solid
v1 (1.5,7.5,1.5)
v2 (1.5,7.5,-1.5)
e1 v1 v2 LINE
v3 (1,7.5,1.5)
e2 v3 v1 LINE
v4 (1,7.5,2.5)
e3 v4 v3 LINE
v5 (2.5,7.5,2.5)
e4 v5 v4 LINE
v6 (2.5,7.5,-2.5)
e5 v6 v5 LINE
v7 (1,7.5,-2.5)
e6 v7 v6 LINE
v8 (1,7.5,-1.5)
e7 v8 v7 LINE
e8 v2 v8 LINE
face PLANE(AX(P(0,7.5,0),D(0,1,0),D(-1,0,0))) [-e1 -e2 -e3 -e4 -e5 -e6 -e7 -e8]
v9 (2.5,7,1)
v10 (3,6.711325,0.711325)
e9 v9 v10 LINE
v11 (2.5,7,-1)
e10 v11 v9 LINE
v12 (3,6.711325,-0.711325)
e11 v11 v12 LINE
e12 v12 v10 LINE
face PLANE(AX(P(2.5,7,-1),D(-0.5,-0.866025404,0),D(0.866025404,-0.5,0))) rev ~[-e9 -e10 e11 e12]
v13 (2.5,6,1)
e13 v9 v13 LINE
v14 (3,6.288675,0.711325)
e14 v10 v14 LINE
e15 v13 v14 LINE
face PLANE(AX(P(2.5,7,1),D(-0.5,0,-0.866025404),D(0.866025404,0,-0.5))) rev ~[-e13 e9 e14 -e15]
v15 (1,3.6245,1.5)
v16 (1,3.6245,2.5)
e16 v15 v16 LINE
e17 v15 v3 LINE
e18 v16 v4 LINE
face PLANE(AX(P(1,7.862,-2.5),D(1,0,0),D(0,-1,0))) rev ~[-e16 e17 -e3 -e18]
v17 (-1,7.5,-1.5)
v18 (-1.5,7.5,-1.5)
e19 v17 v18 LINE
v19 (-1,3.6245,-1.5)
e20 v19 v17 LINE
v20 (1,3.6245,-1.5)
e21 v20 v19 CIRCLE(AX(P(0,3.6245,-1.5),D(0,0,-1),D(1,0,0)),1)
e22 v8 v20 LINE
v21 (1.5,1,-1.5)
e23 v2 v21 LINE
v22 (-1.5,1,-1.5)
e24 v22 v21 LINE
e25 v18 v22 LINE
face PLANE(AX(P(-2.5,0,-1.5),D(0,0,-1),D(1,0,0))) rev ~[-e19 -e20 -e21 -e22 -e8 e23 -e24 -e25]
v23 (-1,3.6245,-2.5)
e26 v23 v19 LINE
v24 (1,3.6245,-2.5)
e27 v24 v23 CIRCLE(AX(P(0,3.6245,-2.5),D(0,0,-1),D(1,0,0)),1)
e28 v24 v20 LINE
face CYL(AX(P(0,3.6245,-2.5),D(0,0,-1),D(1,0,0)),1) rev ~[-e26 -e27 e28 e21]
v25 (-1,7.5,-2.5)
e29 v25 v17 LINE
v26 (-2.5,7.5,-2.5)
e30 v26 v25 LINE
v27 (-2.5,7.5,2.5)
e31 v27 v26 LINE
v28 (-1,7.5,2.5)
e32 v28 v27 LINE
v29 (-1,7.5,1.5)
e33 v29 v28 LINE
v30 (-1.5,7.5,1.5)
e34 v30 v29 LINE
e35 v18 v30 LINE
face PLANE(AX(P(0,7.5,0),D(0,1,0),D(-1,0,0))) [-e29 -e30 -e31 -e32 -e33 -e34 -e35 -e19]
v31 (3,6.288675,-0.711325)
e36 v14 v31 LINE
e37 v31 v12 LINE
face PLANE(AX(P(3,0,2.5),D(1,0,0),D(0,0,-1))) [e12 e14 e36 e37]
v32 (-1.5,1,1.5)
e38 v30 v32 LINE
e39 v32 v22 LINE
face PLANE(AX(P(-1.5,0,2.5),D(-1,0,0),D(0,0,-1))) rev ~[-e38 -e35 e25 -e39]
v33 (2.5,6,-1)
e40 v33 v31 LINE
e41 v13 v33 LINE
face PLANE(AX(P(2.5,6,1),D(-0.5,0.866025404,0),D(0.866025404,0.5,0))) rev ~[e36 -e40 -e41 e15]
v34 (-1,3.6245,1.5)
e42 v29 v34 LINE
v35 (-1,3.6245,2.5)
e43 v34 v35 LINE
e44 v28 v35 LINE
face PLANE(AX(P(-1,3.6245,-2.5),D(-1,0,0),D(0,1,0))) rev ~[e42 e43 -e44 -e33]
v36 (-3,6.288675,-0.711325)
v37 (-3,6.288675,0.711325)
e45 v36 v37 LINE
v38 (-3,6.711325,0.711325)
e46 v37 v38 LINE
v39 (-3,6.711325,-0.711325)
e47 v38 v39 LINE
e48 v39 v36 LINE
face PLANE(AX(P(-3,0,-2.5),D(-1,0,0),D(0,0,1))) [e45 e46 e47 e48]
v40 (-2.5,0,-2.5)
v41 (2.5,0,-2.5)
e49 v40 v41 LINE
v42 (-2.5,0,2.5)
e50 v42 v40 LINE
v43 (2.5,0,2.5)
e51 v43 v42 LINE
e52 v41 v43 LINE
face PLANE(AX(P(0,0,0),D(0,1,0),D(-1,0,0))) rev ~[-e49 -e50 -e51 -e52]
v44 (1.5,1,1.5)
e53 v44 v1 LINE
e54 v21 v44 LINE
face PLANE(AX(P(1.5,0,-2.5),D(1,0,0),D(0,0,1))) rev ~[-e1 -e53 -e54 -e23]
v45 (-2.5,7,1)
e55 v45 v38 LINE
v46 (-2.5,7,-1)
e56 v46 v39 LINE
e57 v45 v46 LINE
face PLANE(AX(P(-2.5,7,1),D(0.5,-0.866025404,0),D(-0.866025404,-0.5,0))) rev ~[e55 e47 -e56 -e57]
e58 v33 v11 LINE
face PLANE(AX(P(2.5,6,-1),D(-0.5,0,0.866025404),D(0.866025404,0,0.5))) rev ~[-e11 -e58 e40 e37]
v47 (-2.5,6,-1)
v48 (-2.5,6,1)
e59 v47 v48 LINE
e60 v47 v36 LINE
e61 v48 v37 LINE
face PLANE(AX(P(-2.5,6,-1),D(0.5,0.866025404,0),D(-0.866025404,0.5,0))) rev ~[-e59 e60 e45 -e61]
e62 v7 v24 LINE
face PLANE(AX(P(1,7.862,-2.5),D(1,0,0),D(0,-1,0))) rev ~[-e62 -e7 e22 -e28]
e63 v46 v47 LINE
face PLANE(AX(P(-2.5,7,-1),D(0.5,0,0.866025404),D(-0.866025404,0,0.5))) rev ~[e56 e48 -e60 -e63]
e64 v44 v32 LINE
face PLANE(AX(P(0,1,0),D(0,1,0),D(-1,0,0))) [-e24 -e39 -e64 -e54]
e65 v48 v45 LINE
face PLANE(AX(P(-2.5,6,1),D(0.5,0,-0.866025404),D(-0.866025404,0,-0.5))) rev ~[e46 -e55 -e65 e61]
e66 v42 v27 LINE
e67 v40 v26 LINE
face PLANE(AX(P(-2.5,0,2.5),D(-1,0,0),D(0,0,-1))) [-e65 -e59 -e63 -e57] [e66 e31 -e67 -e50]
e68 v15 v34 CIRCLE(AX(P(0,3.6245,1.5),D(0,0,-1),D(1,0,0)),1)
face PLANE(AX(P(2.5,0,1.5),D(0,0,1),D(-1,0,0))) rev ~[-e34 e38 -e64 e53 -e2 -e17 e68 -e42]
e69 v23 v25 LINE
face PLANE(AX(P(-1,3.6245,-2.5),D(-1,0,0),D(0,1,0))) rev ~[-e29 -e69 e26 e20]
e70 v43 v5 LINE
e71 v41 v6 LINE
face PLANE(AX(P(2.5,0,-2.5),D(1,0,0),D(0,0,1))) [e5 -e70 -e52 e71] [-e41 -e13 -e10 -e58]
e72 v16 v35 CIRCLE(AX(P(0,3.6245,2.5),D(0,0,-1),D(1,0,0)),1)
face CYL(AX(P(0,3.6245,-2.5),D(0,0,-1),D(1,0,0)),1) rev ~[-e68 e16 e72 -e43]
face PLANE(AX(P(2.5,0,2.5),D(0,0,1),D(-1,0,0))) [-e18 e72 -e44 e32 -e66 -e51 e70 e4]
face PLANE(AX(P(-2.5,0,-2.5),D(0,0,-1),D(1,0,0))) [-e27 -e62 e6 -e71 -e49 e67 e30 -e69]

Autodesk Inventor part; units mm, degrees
ref_plane "YZ Plane" through (0, 0, 0) normal (1, 0, 0) x (0, 1, 0)
ref_plane "XZ Plane" through (0, 0, 0) normal (0, 1, 0) x (-1, 0, 0)
ref_plane "XY Plane" through (0, 0, 0) normal (0, 0, 1) x (1, 0, 0)
sketch "Sketch1" plane through (0, 0, 0) normal (0, 1, 0) x (-1, 0, 0)
  line L0 (-2.5, 2.5) -> (2.5, 2.5)
  line L1 (2.5, 2.5) -> (2.5, -2.5)
  line L2 (2.5, -2.5) -> (-2.5, -2.5)
  line L3 (-2.5, -2.5) -> (-2.5, 2.5)
  line L4 (-2.5, 2.5) -> (2.5, -2.5) construction
  line L5 (2.5, 2.5) -> (-2.5, -2.5) construction
  point P0 (0, 0)
  dimension "d0" = 5
  dimension "d1" = 5
extrude "Extrusion1" add sketch "Sketch1" along normal blind 7.5
shell "Shell1" thickness 1 removed faces 1 at (-0.8333, 7.5, -0.8333)
sketch "Sketch4" plane through (0, 7.5, 0) normal (0, 1, 0) x (1, 0, 0)
  point P0 (0, 0)
sketch "Sketch5" plane through (0, 7.5, 0) normal (0, 1, 0) x (1, 0, 0)
  point P0 (0, 0)
sketch "Sketch6" plane through (0, 7.5, 0) normal (0, 1, 0) x (1, 0, 0)
  point P0 (0, 0)
sketch "Sketch7" plane through (0, 0, 0) normal (0, -1, 0) x (1, 0, 0)
  point P0 (0, 0)
sketch "Sketch8" plane through (-2.5, 0, -2.5) normal (-1, 0, 0) x (0, 0, 1)
  point P0 (2.5, 0)
sketch "Sketch9" plane through (2.5, 0, 2.5) normal (1, 0, 0) x (0, 0, -1)
  line L0 (1.5, 6) -> (3.5, 6)
  line L1 (3.5, 6) -> (3.5, 7)
  line L2 (3.5, 7) -> (1.5, 7)
  line L3 (1.5, 7) -> (1.5, 6)
  line L4 (1.5, 6) -> (3.5, 7) construction
  line L5 (3.5, 6) -> (1.5, 7) construction
  line L6 (0, 7.5) -> (5, 7.5) projected
  point P0 (2.5, 0)
  point P1 (2.5, 6.5)
  dimension "d10" = 1
  dimension "d14" = 2
  dimension "d15" = 1
extrude "Extrusion4" add sketch "Sketch9" along normal blind 0.5 draft -30
sketch "Sketch10" plane through (-2.5, 0, -2.5) normal (-1, 0, 0) x (0, 0, 1)
  line L0 (1.5, 6) -> (3.5, 6)
  line L1 (3.5, 6) -> (3.5, 7)
  line L2 (3.5, 7) -> (1.5, 7)
  line L3 (1.5, 7) -> (1.5, 6)
  line L4 (1.5, 6) -> (3.5, 7) construction
  line L5 (3.5, 6) -> (1.5, 7) construction
  line L6 (0, 7.5) -> (5, 7.5) projected
  point P0 (2.5, 0)
  point P1 (2.5, 6.5)
  dimension "d13" = 1
  dimension "d16" = 2
  dimension "d17" = 1
extrude "Extrusion5" add sketch "Sketch10" along normal blind 0.5 draft -30
sketch "Sketch11" plane through (2.5, 0, -2.5) normal (0, 0, -1) x (-1, 0, 0)
  line L0 (2.5, 7.862) -> (2.5, 3.6245) construction
  line L1 (1.5, 7.862) -> (1.5, 3.6245)
  line L2 (3.5, 3.6245) -> (3.5, 7.862)
  arc A0 (3.5, 7.862) -> (1.5, 7.862) centre (2.5, 7.862) ccw
  arc A1 (1.5, 3.6245) -> (3.5, 3.6245) centre (2.5, 3.6245) ccw
  point P0 (2.5, 0)
  point P1 (2.5, 5.7432)
  dimension "d20" = 2
extrude "Extrusion6" cut sketch "Sketch11" against normal through all
equation "\"d16\" = d14"
equation "\"d17\" = d15"
properties part number "snapfit_v11"
